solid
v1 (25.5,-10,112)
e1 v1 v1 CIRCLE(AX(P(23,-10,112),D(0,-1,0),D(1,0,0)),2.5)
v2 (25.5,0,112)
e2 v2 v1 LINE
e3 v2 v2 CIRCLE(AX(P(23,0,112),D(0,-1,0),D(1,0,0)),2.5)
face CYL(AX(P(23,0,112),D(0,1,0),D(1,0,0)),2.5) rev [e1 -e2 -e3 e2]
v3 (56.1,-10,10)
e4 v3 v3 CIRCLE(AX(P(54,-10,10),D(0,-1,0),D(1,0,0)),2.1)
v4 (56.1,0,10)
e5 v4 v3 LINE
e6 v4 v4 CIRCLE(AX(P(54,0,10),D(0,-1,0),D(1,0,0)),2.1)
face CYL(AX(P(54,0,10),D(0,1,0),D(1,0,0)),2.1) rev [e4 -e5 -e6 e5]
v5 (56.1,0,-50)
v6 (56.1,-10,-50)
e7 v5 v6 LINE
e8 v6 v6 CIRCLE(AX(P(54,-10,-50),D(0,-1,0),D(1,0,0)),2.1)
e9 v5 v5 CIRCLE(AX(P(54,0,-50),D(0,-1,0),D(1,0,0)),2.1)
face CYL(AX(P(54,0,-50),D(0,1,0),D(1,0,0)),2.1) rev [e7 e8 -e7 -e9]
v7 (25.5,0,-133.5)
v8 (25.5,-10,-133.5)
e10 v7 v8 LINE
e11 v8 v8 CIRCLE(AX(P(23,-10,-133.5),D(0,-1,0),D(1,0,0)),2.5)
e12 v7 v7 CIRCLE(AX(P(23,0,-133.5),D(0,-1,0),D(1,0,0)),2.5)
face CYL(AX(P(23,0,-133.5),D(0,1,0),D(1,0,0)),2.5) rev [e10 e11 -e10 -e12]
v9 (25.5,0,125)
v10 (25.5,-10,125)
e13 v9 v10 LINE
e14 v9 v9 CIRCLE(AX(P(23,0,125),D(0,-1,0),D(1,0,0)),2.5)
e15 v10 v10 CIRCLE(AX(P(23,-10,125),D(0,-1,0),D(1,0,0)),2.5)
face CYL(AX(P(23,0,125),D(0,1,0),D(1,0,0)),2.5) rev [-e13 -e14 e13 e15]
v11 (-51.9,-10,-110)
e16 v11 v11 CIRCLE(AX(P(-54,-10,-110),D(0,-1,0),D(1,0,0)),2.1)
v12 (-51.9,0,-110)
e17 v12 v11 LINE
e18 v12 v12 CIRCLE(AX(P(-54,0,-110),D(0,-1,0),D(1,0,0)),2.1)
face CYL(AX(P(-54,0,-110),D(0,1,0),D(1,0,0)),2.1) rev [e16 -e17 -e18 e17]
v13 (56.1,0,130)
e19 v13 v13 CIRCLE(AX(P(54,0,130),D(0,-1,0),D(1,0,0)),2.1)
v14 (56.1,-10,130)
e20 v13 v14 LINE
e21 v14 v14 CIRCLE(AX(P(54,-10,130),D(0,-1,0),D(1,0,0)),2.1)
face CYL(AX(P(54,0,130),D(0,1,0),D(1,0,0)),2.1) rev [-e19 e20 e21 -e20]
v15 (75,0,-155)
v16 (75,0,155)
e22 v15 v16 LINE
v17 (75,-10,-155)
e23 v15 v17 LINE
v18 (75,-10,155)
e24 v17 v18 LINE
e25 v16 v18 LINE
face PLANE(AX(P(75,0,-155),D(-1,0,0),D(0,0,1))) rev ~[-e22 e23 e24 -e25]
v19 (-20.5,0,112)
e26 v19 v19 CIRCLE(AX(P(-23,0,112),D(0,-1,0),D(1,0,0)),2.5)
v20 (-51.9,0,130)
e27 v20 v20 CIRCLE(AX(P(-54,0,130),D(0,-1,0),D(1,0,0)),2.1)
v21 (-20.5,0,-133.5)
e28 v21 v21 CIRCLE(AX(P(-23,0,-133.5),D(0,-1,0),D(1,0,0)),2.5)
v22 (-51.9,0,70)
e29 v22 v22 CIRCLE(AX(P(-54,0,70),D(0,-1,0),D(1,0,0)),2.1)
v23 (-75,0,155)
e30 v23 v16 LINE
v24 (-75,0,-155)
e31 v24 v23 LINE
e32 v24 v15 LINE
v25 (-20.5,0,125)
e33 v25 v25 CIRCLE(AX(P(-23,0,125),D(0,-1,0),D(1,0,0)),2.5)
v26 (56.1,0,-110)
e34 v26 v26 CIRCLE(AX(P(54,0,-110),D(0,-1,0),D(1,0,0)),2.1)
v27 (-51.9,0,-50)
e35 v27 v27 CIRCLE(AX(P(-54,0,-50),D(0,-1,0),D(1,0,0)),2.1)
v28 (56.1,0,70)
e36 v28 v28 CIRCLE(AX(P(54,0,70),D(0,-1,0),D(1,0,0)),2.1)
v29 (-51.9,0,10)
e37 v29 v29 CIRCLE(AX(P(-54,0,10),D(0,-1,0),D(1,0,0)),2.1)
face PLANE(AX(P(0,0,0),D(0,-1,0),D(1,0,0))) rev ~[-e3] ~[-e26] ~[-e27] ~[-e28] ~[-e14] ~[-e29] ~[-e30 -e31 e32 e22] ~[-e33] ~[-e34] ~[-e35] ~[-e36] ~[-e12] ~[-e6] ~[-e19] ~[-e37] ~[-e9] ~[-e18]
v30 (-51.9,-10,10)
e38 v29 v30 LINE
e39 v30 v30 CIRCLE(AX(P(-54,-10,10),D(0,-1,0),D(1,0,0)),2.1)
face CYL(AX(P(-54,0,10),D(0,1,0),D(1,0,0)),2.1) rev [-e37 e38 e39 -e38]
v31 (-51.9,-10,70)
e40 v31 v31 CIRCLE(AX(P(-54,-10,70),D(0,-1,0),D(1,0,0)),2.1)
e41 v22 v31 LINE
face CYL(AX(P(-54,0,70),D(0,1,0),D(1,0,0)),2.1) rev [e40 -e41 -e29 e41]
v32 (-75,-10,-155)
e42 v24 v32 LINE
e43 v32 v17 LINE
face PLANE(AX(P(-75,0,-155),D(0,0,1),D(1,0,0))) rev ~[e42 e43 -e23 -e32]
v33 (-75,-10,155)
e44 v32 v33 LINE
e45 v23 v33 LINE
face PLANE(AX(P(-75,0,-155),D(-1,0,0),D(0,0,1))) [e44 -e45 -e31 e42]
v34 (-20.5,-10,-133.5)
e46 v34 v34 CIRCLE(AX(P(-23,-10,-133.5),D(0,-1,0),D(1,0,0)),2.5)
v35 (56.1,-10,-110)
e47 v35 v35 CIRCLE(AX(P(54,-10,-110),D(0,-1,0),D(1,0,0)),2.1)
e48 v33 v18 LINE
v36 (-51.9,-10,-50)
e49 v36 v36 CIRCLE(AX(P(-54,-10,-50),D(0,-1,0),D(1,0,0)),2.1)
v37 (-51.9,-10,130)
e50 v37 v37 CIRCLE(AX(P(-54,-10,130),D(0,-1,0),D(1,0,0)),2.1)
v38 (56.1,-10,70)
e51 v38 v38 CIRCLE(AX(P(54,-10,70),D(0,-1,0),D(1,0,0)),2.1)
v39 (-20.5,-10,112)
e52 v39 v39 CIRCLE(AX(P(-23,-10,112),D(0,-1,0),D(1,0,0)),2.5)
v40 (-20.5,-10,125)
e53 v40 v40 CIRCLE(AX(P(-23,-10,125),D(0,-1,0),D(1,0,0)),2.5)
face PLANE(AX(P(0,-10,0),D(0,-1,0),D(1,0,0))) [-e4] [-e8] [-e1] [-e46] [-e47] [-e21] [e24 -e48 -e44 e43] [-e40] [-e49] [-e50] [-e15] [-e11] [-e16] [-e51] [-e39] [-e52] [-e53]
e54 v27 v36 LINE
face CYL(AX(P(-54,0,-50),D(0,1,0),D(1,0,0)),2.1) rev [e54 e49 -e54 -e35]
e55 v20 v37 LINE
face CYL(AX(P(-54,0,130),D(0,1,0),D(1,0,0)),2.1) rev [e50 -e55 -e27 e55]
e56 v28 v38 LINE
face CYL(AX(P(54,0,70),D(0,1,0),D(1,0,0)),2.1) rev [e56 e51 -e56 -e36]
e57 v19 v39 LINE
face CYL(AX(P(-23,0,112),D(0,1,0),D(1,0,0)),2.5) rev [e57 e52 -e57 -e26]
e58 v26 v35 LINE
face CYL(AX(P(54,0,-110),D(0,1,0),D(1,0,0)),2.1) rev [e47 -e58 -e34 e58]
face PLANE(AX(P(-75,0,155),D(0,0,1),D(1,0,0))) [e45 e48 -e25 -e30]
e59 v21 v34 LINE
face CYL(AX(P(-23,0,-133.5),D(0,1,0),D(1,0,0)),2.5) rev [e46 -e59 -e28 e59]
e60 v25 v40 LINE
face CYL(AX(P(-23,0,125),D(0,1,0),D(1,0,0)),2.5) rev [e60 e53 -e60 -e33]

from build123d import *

# Parameters (mm, degrees)
F0_W     = 150
F0_H     = 310
F0_R     = 2.1
F0_R_2   = 2.5
F1_DEPTH = 10


with BuildPart() as f1:
    # F0 (on Front) → F1 (new body)
    with BuildSketch(Plane.XZ):
        Rectangle(F0_W, F0_H)
        with Locations((-54, -110)):
            Circle(F0_R, mode=Mode.SUBTRACT)
        with Locations((-23, -133.5)):
            Circle(F0_R_2, mode=Mode.SUBTRACT)
        with Locations((-54, -50)):
            Circle(F0_R, mode=Mode.SUBTRACT)
        with Locations((23, -133.5)):
            Circle(F0_R_2, mode=Mode.SUBTRACT)
        with Locations((54, -110)):
            Circle(F0_R, mode=Mode.SUBTRACT)
        with Locations((54, -50)):
            Circle(F0_R, mode=Mode.SUBTRACT)
        with Locations((-54, 10)):
            Circle(F0_R, mode=Mode.SUBTRACT)
        with Locations((-54, 70)):
            Circle(F0_R, mode=Mode.SUBTRACT)
        with Locations((-54, 130)):
            Circle(F0_R, mode=Mode.SUBTRACT)
        with Locations((-23, 112)):
            Circle(F0_R_2, mode=Mode.SUBTRACT)
        with Locations((-23, 125)):
            Circle(F0_R_2, mode=Mode.SUBTRACT)
        with Locations((54, 10)):
            Circle(F0_R, mode=Mode.SUBTRACT)
        with Locations((54, 70)):
            Circle(F0_R, mode=Mode.SUBTRACT)
        with Locations((23, 112)):
            Circle(F0_R_2, mode=Mode.SUBTRACT)
        with Locations((23, 125)):
            Circle(F0_R_2, mode=Mode.SUBTRACT)
        with Locations((54, 130)):
            Circle(F0_R, mode=Mode.SUBTRACT)
    extrude(amount=F1_DEPTH)


solid = f1.part
